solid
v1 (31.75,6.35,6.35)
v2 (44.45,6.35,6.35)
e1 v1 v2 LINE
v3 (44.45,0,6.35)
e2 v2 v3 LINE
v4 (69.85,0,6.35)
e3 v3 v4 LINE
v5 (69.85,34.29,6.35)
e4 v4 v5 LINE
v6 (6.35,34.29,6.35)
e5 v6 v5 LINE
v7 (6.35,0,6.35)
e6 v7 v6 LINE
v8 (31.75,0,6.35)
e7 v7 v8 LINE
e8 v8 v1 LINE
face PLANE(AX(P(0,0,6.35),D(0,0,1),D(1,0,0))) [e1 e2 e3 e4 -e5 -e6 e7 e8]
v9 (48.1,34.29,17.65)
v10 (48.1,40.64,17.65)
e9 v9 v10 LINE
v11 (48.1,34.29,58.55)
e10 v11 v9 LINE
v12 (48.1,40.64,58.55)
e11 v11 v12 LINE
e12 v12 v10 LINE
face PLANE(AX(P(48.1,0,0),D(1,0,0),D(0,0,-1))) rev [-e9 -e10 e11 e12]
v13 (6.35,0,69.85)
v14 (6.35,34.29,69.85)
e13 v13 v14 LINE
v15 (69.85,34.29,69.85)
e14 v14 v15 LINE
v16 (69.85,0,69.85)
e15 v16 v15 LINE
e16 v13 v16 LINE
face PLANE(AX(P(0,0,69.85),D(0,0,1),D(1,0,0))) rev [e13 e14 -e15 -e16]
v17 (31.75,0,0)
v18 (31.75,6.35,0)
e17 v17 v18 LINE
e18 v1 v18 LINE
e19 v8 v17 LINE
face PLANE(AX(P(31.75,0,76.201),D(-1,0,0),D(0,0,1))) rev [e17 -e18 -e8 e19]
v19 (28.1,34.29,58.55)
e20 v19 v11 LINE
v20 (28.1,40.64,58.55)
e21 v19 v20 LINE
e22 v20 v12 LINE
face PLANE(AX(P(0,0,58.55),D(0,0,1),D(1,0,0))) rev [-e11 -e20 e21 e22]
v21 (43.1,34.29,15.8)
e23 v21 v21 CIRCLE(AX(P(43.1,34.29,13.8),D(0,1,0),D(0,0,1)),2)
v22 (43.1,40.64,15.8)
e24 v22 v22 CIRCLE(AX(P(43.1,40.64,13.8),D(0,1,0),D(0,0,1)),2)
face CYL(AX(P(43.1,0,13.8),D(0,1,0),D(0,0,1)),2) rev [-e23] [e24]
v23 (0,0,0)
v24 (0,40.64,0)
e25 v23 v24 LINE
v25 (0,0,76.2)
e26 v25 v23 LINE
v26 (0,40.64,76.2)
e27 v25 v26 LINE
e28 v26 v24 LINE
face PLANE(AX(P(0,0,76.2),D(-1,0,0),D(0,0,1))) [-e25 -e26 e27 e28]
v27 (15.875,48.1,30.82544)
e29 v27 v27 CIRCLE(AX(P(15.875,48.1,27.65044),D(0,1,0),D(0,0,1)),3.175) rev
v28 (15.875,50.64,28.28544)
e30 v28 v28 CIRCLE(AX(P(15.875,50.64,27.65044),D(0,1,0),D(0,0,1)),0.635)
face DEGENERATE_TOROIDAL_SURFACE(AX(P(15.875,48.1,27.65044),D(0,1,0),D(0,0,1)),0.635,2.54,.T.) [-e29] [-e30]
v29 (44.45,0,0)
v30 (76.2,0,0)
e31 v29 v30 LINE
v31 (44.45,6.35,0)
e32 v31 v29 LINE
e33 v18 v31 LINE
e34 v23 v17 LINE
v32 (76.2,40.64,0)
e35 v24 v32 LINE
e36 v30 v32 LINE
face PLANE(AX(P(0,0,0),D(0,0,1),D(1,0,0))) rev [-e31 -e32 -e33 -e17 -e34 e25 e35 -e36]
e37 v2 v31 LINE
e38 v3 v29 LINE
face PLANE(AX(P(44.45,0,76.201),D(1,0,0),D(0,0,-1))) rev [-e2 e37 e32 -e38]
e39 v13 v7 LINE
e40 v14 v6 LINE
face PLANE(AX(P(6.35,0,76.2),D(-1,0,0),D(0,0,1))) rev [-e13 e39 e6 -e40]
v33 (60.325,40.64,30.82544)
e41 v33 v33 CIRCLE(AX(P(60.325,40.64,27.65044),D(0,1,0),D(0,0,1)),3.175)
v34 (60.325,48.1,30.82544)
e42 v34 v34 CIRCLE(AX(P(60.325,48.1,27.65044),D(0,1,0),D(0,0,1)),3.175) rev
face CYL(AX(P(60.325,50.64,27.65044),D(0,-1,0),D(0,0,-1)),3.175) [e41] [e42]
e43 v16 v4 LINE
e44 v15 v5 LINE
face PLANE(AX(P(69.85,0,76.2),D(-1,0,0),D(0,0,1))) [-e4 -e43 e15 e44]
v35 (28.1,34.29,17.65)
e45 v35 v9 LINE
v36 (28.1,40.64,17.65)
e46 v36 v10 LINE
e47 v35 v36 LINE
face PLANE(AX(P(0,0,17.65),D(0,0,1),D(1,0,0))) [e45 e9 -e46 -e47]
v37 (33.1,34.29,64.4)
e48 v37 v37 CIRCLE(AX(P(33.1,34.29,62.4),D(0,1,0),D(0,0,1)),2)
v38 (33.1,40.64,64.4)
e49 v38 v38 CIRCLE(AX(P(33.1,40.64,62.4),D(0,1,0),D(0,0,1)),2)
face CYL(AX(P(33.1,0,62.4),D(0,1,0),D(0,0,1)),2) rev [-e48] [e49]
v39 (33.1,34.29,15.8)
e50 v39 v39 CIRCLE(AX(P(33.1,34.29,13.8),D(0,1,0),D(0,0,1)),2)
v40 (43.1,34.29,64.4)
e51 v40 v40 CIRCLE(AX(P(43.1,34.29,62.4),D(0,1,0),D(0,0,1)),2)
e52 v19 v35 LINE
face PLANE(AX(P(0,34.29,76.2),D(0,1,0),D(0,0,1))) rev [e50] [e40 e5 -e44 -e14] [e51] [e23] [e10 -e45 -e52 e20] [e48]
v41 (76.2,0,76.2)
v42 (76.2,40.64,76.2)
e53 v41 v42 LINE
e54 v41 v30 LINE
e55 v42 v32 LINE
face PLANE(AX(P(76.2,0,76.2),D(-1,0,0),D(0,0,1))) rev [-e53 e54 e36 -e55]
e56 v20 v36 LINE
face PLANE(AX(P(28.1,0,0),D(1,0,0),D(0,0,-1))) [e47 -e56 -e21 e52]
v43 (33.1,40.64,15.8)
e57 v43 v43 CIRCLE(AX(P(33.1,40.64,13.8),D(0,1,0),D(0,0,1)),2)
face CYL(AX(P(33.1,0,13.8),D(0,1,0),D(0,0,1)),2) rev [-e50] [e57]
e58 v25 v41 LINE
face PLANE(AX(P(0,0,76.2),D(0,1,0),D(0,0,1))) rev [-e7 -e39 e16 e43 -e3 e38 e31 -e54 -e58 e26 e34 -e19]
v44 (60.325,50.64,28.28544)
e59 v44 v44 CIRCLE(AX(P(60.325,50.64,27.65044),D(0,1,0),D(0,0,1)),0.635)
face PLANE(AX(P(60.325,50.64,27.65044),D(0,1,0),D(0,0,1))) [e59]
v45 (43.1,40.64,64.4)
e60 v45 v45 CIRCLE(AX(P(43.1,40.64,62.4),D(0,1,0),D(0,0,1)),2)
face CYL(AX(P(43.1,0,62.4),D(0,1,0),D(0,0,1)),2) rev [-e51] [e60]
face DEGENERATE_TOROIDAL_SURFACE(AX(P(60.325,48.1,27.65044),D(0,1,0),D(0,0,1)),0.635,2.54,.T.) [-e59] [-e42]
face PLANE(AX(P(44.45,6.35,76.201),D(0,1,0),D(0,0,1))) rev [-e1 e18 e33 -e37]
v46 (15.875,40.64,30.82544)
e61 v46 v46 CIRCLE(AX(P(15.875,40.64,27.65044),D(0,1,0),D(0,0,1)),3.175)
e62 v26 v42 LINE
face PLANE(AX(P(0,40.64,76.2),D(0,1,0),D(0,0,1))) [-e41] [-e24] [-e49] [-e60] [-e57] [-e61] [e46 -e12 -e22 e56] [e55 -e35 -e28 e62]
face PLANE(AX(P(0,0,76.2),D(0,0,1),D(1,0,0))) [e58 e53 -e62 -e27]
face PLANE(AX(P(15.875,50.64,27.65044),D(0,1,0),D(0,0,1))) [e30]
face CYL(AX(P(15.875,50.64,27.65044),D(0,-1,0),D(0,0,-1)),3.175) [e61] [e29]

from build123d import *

# Parameters (mm, degrees)
SKETCH1_W           = 53.6
SKETCH1_H           = 40.64
SKETCH1_W_2         = 11.3
BOSS_EXTRUDE1_DEPTH = 76.2
SHELL1_T            = -6.35
SKETCH2_W           = 20
SKETCH2_H           = 40.9
SKETCH2_R           = 2
CUT_EXTRUDE1_DEPTH  = 116.171565935
SKETCH3_R           = 3.175
BOSS_EXTRUDE2_DEPTH = 10
FILLET2_R           = 2.54
CUT_EXTRUDE2_REACH  = 121.068
SKETCH5_W           = 12.7
SKETCH5_H           = 6.35


with BuildPart() as part:
    # Sketch1 → Boss-Extrude1 (new body)
    with BuildSketch(Plane.XY):
        with Locations((38.1, 20.32)):
            Rectangle(SKETCH1_W, SKETCH1_H)
        with Locations((5.65, 20.32)):
            Rectangle(SKETCH1_W_2, SKETCH1_H)
        with Locations((70.55, 20.32)):
            Rectangle(SKETCH1_W_2, SKETCH1_H)
    extrude(amount=BOSS_EXTRUDE1_DEPTH)

    # Shell1
    shell1_openings = [part.faces().sort_by_distance(p)[0] for p in [
        (38.1, 0, 38.1),
    ]]
    offset(amount=SHELL1_T, openings=shell1_openings, kind=Kind.INTERSECTION)

    # Sketch2 → Cut-Extrude1 (cut, through all)
    with BuildSketch(Plane(origin=(0, 40.64, 0), x_dir=(1, 0, 0), z_dir=(0, 1, 0))):
        with Locations((38.1, -38.1)):
            Rectangle(SKETCH2_W, SKETCH2_H)
        with Locations(Location((43.1, -62.4, 0), (0, 0, 270))):
            Circle(SKETCH2_R)
        with Locations(Location((33.1, -62.4, 0), (0, 0, 270))):
            Circle(SKETCH2_R)
        with Locations(Location((33.1, -13.8, 0), (0, 0, 270))):
            Circle(SKETCH2_R)
        with Locations(Location((43.1, -13.8, 0), (0, 0, 270))):
            Circle(SKETCH2_R)
    extrude(amount=-CUT_EXTRUDE1_DEPTH, mode=Mode.SUBTRACT)

    # Sketch3 → Boss-Extrude2 (add)
    with BuildSketch(Plane(origin=(0, 40.64, 0), x_dir=(1, 0, 0), z_dir=(0, 1, 0))):
        with Locations(Location((15.875, -27.65044, 0), (0, 0, 270))):
            Circle(SKETCH3_R)
        with Locations(Location((60.325, -27.65044, 0), (0, 0, 270))):
            Circle(SKETCH3_R)
    extrude(amount=BOSS_EXTRUDE2_DEPTH)

    # Fillet2
    fillet2_edges = [part.edges().sort_by_distance(p)[0] for p in [
        (15.875, 50.64, 24.47544),
        (60.325, 50.64, 24.47544),
    ]]
    fillet(fillet2_edges, radius=FILLET2_R)

    # Sketch5 → Cut-Extrude2 (cut, up to next)
    with BuildSketch(Plane(origin=(0, 0, 0), x_dir=(-1, 0, 0), z_dir=(0, 0, -1)), mode=Mode.PRIVATE) as cut_extrude2_sk1:
        with Locations((-38.1, 3.175)):
            Rectangle(SKETCH5_W, SKETCH5_H)
    cut_extrude2_tool1 = extrude(cut_extrude2_sk1.sketch, amount=-CUT_EXTRUDE2_REACH, mode=Mode.PRIVATE) & part.part
    add(cut_extrude2_tool1.solids().sort_by_distance((38.1, 3.175, 0))[0], mode=Mode.SUBTRACT)


solid = part.part
